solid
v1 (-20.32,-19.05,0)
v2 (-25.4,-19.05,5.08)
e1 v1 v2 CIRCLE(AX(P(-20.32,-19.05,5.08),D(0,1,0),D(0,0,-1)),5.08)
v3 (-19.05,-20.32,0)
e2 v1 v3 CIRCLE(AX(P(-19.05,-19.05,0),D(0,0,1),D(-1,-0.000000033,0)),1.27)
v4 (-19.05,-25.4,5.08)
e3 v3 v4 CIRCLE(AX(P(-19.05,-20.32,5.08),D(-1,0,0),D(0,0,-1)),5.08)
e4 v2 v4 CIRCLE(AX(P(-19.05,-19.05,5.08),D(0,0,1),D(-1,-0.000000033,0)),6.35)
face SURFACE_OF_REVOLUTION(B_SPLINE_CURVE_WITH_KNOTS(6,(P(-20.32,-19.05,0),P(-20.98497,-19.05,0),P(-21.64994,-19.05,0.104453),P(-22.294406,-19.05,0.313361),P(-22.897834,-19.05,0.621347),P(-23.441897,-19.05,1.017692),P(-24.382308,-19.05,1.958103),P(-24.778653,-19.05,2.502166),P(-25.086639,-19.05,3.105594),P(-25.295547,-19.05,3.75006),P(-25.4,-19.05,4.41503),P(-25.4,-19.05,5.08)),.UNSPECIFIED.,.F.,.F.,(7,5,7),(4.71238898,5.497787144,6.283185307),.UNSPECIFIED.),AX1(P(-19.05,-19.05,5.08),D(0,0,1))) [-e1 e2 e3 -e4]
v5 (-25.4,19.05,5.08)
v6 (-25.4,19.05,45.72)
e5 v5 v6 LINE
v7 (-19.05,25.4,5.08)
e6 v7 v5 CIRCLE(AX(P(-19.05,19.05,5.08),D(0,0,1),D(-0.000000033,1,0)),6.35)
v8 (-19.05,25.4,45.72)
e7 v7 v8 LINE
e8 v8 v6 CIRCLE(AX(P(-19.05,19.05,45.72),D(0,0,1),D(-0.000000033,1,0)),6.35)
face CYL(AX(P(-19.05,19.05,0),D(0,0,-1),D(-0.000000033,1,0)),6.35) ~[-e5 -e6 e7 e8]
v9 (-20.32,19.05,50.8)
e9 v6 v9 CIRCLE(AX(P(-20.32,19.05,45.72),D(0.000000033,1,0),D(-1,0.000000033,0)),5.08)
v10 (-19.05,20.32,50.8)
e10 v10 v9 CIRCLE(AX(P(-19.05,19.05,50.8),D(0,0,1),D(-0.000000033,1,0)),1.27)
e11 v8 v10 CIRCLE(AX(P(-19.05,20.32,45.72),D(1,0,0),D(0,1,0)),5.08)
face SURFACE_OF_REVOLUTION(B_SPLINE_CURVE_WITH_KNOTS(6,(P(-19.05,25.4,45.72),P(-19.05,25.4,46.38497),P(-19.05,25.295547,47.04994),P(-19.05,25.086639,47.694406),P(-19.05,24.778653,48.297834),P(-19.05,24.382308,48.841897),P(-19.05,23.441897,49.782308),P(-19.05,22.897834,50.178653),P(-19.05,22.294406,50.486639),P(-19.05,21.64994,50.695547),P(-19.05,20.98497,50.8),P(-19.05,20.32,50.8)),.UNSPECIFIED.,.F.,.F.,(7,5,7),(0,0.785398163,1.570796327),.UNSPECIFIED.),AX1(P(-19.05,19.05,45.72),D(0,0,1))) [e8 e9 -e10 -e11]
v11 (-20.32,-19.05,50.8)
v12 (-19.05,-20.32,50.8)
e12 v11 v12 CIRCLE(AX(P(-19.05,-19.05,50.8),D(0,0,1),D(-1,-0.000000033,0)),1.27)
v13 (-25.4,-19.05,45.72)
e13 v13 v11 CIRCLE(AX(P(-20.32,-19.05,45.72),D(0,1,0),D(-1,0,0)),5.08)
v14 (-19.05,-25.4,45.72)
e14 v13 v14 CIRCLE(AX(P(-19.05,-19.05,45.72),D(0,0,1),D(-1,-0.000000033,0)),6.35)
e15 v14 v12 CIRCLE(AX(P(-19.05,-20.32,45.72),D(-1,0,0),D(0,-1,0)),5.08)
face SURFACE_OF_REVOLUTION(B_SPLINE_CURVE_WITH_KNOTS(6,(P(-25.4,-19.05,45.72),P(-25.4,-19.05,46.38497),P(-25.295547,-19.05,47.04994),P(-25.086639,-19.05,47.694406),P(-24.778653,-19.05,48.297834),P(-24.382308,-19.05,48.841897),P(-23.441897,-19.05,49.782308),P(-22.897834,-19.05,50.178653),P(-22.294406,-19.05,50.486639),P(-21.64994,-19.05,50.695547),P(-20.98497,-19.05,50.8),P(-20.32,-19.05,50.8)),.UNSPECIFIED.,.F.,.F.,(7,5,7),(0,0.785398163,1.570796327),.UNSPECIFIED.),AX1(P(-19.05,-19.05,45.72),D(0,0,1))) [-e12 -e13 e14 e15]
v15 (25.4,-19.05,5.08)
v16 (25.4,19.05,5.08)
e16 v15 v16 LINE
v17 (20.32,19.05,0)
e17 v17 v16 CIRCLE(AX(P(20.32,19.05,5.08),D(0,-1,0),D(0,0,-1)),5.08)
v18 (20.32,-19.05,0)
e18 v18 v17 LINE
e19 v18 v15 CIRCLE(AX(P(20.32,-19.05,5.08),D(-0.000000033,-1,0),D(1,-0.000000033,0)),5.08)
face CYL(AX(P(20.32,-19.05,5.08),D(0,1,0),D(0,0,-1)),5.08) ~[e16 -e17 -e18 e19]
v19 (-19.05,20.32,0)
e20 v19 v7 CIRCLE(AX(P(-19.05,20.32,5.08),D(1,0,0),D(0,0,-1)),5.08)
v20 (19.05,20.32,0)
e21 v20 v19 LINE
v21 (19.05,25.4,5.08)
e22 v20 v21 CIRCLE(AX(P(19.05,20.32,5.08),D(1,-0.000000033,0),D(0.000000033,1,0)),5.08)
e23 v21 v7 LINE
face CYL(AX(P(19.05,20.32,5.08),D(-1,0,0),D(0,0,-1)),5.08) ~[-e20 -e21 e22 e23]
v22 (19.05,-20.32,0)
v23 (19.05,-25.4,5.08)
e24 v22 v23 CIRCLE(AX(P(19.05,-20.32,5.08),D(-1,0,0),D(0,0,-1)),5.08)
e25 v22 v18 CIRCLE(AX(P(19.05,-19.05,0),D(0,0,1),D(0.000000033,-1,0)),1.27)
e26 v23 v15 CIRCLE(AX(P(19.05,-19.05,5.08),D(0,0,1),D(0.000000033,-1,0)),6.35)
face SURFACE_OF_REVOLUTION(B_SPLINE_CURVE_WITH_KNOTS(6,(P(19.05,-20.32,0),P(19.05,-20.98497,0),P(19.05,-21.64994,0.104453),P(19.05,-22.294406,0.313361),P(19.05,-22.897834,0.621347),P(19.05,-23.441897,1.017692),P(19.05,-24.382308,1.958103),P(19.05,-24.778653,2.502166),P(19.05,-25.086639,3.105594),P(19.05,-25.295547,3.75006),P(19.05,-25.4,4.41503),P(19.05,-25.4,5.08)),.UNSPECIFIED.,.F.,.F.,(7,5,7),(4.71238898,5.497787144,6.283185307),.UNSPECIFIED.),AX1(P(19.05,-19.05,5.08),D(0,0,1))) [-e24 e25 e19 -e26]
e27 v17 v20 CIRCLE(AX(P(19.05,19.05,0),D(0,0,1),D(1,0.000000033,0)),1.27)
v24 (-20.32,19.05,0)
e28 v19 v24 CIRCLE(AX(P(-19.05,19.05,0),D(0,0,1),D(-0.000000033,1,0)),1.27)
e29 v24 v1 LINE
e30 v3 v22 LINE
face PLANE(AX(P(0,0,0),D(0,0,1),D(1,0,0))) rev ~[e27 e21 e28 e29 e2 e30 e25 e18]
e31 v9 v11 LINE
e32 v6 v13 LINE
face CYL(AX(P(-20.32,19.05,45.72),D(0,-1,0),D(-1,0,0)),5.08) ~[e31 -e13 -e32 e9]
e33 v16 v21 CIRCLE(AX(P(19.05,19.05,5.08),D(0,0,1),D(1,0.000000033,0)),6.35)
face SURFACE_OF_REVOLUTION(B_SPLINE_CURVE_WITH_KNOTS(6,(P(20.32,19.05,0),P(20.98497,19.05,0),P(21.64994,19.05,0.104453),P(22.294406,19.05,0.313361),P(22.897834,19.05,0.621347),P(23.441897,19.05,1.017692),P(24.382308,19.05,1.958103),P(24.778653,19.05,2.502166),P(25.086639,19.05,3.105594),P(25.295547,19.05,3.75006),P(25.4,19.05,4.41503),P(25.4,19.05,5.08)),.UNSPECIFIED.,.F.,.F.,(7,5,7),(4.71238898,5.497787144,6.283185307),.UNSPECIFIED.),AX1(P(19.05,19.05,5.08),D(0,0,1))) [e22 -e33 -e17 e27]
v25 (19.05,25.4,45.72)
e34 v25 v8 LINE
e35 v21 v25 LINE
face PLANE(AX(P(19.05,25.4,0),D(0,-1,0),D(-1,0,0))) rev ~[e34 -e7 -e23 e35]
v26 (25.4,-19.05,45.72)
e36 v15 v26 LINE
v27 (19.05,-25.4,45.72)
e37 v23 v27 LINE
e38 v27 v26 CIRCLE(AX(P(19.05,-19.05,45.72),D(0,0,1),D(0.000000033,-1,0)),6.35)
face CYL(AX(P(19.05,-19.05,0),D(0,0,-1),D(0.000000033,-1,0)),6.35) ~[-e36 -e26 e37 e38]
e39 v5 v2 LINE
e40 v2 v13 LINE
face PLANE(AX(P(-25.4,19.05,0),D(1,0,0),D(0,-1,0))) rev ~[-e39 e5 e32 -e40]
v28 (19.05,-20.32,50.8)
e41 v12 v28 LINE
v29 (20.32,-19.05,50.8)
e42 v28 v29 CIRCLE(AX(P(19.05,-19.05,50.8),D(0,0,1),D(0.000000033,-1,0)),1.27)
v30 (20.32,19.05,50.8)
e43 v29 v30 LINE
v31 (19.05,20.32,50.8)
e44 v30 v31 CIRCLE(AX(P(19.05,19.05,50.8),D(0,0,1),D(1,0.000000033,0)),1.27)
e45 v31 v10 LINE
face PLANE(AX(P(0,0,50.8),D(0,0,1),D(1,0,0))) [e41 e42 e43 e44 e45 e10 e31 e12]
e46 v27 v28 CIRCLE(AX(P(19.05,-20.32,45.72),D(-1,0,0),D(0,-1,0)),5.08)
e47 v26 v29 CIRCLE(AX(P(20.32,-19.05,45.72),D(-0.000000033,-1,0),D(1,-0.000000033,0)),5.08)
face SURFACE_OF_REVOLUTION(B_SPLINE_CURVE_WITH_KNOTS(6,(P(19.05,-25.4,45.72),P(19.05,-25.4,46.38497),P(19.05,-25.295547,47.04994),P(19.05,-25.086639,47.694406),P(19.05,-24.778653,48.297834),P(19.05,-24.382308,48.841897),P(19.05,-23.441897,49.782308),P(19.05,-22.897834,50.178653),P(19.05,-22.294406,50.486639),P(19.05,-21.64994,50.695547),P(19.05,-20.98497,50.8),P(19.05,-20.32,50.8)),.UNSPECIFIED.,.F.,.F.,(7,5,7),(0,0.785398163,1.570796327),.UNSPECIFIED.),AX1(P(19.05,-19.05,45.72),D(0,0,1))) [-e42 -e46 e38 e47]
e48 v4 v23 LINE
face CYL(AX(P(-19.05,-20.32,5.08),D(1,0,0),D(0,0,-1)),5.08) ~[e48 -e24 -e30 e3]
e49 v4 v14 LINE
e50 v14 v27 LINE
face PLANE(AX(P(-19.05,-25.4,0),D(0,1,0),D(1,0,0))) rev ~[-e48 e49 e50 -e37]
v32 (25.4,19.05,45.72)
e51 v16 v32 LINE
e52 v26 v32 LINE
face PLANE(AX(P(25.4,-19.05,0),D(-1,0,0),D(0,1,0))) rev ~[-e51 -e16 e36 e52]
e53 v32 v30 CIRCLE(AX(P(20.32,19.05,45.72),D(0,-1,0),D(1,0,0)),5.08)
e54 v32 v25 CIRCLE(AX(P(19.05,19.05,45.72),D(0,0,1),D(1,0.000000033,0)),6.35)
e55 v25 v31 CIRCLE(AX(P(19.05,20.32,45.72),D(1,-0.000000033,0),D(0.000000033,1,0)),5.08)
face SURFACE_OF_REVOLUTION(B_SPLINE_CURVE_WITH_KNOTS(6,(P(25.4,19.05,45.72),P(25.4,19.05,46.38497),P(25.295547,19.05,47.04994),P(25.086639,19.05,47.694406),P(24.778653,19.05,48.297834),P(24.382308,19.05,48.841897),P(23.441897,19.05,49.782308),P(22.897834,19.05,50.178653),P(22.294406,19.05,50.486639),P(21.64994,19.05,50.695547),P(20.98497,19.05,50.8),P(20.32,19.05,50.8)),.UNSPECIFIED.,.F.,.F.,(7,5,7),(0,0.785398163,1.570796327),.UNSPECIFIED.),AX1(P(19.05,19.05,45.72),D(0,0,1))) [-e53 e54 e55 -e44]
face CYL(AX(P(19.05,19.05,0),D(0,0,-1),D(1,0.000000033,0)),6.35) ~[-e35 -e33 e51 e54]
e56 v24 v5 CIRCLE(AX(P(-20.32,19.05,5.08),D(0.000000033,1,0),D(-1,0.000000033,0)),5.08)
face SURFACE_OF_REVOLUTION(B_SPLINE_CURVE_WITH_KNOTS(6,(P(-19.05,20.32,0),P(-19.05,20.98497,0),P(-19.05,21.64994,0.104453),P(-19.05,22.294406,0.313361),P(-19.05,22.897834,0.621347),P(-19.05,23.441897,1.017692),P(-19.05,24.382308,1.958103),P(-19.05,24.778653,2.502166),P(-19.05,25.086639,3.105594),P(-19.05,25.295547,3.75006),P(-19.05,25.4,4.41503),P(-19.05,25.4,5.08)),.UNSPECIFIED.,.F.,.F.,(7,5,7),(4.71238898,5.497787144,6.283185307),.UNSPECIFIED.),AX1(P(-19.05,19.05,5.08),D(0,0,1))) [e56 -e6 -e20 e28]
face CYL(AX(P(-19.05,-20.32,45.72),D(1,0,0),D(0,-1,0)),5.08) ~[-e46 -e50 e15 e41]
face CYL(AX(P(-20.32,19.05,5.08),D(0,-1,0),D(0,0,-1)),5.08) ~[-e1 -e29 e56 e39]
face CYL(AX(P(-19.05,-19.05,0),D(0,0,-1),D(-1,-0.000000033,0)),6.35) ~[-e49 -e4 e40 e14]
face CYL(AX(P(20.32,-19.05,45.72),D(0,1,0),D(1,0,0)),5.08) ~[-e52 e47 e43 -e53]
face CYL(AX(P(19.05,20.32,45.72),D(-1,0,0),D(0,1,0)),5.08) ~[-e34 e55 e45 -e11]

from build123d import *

# Parameters (mm, degrees)
F1_DEPTH = 50.8
F2_R     = 5.08
F3_R     = 5.08


with BuildPart() as f1:
    # F0 (on Top) → F1 (new body)
    with BuildSketch(Plane.XY):
        with BuildLine():
            ThreePointArc((25.4, 19.05), (23.540128, 23.540128), (19.05, 25.4))
            Line((19.05, 25.4), (-19.05, 25.4))
            ThreePointArc((-19.05, 25.4), (-23.540128, 23.540128), (-25.4, 19.05))
            Line((-25.4, 19.05), (-25.4, -19.05))
            ThreePointArc((-25.4, -19.05), (-23.540128, -23.540128), (-19.05, -25.4))
            Line((-19.05, -25.4), (19.05, -25.4))
            ThreePointArc((19.05, -25.4), (23.540128, -23.540128), (25.4, -19.05))
            Line((25.4, -19.05), (25.4, 19.05))
        make_face()
    extrude(amount=F1_DEPTH)

    # F2
    f2_edges = [f1.edges().sort_by_distance(p)[0] for p in [
        (0, -25.4, 50.8),
    ]]
    fillet(f2_edges, radius=F2_R)

    # F3
    f3_edges = [f1.edges().sort_by_distance(p)[0] for p in [
        (0, -25.4, 0),
    ]]
    fillet(f3_edges, radius=F3_R)


solid = f1.part
